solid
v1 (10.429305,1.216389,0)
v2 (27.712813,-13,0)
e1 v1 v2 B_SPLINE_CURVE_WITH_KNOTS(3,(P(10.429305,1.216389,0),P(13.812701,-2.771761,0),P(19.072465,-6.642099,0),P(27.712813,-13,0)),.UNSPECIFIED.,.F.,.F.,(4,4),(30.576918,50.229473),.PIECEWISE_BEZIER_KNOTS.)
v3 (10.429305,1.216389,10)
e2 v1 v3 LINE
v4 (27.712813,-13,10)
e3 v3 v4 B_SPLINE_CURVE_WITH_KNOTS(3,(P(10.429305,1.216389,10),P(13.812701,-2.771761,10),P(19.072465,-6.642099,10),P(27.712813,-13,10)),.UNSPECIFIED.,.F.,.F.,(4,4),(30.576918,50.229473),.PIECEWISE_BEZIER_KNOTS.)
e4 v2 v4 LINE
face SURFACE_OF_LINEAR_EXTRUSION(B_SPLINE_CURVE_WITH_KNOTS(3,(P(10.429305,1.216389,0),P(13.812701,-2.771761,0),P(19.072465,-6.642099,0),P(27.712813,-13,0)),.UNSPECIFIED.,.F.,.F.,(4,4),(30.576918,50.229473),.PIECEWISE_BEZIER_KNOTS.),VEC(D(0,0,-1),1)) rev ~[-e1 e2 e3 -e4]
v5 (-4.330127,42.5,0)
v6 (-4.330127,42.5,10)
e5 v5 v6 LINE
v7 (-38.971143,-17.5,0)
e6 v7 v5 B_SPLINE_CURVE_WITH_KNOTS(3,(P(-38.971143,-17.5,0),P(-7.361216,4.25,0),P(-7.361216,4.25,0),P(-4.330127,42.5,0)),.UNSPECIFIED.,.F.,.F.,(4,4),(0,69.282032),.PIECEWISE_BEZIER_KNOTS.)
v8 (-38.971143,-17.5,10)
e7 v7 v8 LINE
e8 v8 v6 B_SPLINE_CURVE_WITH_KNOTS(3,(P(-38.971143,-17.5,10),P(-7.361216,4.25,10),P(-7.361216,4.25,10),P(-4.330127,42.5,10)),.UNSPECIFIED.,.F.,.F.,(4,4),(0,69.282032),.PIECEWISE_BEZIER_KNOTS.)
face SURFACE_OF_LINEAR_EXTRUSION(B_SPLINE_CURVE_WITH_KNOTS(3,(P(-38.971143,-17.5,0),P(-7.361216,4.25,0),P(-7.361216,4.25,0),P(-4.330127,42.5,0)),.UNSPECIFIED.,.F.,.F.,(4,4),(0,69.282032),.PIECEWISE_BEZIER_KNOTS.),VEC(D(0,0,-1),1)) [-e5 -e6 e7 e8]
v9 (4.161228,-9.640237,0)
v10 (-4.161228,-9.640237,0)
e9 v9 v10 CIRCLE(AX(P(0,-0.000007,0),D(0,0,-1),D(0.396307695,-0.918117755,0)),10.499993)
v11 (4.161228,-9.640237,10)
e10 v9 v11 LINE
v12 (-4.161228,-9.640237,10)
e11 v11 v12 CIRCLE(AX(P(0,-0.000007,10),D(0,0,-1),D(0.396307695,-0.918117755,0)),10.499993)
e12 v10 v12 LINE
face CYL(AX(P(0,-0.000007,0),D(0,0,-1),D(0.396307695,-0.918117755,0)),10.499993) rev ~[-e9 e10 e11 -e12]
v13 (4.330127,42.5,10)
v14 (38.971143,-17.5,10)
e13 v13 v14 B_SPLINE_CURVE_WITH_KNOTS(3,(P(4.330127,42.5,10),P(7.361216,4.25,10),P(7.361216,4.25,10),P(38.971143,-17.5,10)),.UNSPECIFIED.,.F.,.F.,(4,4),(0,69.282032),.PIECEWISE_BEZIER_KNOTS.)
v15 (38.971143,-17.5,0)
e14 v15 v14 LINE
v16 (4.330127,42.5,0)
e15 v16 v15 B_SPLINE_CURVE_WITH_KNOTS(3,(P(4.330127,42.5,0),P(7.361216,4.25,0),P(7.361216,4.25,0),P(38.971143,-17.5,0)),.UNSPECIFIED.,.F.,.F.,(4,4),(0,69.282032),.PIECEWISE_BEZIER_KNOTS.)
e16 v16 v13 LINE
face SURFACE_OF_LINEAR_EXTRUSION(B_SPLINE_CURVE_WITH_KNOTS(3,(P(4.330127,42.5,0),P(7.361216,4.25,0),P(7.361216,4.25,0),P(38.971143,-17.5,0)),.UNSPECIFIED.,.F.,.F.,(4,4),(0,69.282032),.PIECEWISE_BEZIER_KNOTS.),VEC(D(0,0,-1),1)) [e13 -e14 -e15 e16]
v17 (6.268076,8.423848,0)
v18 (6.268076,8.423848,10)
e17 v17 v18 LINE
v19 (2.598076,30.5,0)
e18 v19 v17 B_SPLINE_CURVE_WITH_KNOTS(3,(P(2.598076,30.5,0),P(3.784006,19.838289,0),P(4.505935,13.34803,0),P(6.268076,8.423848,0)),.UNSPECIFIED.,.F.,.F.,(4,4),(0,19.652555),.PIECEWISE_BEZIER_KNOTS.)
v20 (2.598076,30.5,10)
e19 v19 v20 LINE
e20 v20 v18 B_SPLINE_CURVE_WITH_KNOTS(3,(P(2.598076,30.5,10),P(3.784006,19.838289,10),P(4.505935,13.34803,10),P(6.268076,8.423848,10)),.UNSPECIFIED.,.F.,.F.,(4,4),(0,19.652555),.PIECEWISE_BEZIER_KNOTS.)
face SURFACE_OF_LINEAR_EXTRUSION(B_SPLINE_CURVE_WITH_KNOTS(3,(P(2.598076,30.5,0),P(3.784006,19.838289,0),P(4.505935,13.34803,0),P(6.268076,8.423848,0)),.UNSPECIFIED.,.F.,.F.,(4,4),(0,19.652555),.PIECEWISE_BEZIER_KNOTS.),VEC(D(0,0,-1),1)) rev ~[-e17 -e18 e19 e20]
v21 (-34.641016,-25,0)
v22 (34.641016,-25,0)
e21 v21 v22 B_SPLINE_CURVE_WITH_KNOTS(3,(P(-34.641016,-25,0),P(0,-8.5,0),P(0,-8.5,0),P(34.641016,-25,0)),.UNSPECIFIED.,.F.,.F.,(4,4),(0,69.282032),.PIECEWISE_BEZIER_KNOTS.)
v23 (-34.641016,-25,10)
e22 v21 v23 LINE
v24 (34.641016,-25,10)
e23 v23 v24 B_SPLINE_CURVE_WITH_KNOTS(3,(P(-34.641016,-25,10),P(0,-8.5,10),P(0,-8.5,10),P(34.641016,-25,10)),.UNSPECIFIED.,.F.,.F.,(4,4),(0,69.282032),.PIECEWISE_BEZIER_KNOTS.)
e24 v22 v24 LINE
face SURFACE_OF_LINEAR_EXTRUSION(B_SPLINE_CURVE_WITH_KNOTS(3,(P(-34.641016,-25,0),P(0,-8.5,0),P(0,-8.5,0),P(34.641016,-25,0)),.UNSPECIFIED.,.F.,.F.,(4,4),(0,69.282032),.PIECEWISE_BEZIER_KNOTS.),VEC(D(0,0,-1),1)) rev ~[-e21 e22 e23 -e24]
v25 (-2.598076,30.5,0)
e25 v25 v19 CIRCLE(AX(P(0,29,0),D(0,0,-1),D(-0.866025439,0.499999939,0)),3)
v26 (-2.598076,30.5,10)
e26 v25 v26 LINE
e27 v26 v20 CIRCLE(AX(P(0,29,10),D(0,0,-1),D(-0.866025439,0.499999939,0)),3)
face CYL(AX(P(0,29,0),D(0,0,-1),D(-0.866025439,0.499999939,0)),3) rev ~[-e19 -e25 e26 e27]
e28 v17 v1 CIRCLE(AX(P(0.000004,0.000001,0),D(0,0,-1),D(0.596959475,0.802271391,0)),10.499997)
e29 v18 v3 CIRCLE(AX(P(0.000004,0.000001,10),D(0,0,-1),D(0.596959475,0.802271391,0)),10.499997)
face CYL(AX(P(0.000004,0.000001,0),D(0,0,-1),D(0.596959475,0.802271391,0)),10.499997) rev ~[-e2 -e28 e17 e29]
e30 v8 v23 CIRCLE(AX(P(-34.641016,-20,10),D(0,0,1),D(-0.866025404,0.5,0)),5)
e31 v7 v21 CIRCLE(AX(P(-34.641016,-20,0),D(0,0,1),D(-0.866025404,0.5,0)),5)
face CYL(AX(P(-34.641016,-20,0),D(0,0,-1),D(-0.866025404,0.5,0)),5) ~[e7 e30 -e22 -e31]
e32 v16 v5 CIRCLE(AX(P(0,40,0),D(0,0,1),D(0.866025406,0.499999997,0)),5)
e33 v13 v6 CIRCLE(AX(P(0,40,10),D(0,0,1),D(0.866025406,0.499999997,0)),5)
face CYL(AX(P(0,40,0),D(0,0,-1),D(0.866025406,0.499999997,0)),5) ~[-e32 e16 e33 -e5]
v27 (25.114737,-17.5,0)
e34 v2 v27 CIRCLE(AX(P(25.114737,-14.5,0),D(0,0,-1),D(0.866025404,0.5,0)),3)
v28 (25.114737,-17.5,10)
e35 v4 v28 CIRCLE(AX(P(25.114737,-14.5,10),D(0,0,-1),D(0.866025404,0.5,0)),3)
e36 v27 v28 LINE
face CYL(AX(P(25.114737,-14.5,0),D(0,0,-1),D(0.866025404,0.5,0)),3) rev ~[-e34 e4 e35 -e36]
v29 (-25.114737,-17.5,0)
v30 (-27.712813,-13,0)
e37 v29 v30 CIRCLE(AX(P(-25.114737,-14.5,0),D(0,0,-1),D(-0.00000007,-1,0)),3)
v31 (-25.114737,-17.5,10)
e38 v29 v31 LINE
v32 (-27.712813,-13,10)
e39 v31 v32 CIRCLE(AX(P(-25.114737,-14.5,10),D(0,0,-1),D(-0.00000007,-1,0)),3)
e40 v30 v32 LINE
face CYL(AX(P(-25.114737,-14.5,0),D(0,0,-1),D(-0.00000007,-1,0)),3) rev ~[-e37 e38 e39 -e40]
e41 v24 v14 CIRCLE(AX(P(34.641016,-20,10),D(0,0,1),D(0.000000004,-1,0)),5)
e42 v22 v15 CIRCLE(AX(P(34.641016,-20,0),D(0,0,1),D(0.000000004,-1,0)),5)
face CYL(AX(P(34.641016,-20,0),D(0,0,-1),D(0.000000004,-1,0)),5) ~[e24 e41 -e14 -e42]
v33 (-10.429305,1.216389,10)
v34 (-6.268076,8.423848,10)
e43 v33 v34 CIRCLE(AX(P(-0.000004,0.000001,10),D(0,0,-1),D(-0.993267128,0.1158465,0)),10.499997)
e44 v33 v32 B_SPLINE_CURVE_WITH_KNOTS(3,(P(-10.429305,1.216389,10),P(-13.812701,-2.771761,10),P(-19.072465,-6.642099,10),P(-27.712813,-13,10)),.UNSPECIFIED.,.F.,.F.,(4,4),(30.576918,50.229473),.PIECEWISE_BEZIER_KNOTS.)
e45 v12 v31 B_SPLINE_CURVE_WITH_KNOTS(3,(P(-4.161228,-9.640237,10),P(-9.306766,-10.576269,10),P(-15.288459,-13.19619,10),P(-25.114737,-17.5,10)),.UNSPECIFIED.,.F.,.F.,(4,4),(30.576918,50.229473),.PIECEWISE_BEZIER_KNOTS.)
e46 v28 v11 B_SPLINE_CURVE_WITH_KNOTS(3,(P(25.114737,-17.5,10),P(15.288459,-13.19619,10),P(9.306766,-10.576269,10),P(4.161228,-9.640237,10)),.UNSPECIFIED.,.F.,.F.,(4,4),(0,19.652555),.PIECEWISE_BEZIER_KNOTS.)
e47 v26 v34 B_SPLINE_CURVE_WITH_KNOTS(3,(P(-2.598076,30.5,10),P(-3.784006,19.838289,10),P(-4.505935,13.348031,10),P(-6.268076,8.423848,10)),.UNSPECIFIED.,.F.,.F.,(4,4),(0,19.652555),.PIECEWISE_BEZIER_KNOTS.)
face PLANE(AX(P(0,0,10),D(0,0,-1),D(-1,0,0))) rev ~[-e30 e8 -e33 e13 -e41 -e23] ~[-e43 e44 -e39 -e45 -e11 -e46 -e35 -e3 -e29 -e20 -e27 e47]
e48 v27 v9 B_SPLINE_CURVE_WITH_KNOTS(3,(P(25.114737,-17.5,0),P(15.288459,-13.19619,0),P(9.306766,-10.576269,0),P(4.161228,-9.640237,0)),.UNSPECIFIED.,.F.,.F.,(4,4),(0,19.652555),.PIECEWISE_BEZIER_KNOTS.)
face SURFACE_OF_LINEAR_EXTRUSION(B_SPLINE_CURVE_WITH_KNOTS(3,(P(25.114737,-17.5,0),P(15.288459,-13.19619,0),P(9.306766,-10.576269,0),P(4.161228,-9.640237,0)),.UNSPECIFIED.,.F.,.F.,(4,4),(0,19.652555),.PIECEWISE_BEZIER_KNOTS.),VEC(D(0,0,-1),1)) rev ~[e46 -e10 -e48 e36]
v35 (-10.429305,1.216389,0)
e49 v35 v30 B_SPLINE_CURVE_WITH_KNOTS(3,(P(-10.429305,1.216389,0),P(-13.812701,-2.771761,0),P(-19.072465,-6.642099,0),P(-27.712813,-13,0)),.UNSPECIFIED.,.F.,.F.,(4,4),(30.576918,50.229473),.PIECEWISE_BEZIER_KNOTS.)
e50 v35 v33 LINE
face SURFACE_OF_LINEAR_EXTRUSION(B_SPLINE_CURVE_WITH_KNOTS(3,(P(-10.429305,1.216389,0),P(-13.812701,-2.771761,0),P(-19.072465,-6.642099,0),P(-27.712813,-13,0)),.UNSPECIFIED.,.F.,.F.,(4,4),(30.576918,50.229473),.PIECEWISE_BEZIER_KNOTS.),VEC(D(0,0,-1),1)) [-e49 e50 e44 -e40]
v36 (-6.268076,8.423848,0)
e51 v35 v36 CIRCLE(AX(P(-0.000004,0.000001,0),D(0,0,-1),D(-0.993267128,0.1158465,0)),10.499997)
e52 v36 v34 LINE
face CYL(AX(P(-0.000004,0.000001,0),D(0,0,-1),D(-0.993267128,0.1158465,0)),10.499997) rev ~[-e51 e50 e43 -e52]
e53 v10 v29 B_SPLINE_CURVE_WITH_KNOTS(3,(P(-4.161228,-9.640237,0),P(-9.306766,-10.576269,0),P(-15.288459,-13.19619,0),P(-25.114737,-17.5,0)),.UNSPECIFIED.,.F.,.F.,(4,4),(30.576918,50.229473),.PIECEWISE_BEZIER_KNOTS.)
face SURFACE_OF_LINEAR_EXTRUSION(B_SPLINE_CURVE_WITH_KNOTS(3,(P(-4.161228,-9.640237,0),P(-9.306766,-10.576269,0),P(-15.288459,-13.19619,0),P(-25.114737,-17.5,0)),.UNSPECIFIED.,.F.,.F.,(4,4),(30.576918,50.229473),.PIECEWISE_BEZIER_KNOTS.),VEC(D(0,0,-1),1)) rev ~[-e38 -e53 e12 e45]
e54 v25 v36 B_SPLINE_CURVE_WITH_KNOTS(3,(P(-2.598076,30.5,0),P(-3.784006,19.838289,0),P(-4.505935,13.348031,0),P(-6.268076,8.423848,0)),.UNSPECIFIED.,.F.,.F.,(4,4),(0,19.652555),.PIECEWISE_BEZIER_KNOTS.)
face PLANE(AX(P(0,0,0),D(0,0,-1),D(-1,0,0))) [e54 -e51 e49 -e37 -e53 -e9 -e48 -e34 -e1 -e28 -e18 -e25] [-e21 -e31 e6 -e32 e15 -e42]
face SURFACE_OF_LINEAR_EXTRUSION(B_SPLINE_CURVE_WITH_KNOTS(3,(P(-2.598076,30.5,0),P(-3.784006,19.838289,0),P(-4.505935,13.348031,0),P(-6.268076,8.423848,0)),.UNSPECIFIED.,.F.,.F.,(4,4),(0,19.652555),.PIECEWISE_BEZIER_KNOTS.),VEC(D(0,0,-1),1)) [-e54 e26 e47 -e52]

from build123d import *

# Parameters (mm, degrees)
F1_DEPTH = 10


with BuildPart() as f1:
    # F0 (on Top) → F1 (new body)
    with BuildSketch(Plane.XY):
        with BuildLine():
            add(Edge.make_bspline(
                [(4.330127, 42.5), (7.361216, 4.25), (7.361216, 4.25), (38.971143, -17.5)],
                knots=[0, 0, 0, 0, 69.282032, 69.282032, 69.282032, 69.282032], degree=3))
            ThreePointArc((4.330127, 42.5), (0, 45), (-4.330127, 42.5))
            add(Edge.make_bspline(
                [(-38.971143, -17.5), (-7.361216, 4.25), (-7.361216, 4.25), (-4.330127, 42.5)],
                knots=[0, 0, 0, 0, 69.282032, 69.282032, 69.282032, 69.282032], degree=3))
            ThreePointArc((-38.971143, -17.5), (-38.971143, -22.5), (-34.641016, -25))
            add(Edge.make_bspline(
                [(-34.641016, -25), (0, -8.5), (0, -8.5), (34.641016, -25)],
                knots=[0, 0, 0, 0, 69.282032, 69.282032, 69.282032, 69.282032], degree=3))
            ThreePointArc((34.641016, -25), (38.971143, -22.5), (38.971143, -17.5))
        make_face()
        with BuildLine():
            ThreePointArc((-10.429305, 1.216389), (-9.093267, 5.25), (-6.268076, 8.423848))
            add(Edge.make_bspline(
                [(-2.598076, 30.5), (-3.784006, 19.838289), (-4.505935, 13.348031), (-6.268076, 8.423848)],
                knots=[0, 0, 0, 0, 19.652555, 19.652555, 19.652555, 19.652555], degree=3))
            ThreePointArc((-2.598076, 30.5), (0, 32), (2.598076, 30.5))
            add(Edge.make_bspline(
                [(2.598076, 30.5), (3.784006, 19.838289), (4.505935, 13.34803), (6.268076, 8.423848)],
                knots=[0, 0, 0, 0, 19.652555, 19.652555, 19.652555, 19.652555], degree=3))
            ThreePointArc((6.268076, 8.423848), (9.093267, 5.25), (10.429305, 1.216389))
            add(Edge.make_bspline(
                [(10.429305, 1.216389), (13.812701, -2.771761), (19.072465, -6.642099), (27.712813, -13)],
                knots=[30.576918, 30.576918, 30.576918, 30.576918, 50.229473, 50.229473, 50.229473, 50.229473], degree=3))
            ThreePointArc((27.712813, -13), (27.712813, -16), (25.114737, -17.5))
            add(Edge.make_bspline(
                [(25.114737, -17.5), (15.288459, -13.19619), (9.306766, -10.576269), (4.161228, -9.640237)],
                knots=[0, 0, 0, 0, 19.652555, 19.652555, 19.652555, 19.652555], degree=3))
            ThreePointArc((4.161228, -9.640237), (0, -10.5), (-4.161228, -9.640237))
            add(Edge.make_bspline(
                [(-4.161228, -9.640237), (-9.306766, -10.576269), (-15.288459, -13.19619), (-25.114737, -17.5)],
                knots=[30.576918, 30.576918, 30.576918, 30.576918, 50.229473, 50.229473, 50.229473, 50.229473], degree=3))
            ThreePointArc((-25.114737, -17.5), (-27.712813, -16), (-27.712813, -13))
            add(Edge.make_bspline(
                [(-10.429305, 1.216389), (-13.812701, -2.771761), (-19.072465, -6.642099), (-27.712813, -13)],
                knots=[30.576918, 30.576918, 30.576918, 30.576918, 50.229473, 50.229473, 50.229473, 50.229473], degree=3))
        make_face(mode=Mode.SUBTRACT)
    extrude(amount=F1_DEPTH)


solid = f1.part
